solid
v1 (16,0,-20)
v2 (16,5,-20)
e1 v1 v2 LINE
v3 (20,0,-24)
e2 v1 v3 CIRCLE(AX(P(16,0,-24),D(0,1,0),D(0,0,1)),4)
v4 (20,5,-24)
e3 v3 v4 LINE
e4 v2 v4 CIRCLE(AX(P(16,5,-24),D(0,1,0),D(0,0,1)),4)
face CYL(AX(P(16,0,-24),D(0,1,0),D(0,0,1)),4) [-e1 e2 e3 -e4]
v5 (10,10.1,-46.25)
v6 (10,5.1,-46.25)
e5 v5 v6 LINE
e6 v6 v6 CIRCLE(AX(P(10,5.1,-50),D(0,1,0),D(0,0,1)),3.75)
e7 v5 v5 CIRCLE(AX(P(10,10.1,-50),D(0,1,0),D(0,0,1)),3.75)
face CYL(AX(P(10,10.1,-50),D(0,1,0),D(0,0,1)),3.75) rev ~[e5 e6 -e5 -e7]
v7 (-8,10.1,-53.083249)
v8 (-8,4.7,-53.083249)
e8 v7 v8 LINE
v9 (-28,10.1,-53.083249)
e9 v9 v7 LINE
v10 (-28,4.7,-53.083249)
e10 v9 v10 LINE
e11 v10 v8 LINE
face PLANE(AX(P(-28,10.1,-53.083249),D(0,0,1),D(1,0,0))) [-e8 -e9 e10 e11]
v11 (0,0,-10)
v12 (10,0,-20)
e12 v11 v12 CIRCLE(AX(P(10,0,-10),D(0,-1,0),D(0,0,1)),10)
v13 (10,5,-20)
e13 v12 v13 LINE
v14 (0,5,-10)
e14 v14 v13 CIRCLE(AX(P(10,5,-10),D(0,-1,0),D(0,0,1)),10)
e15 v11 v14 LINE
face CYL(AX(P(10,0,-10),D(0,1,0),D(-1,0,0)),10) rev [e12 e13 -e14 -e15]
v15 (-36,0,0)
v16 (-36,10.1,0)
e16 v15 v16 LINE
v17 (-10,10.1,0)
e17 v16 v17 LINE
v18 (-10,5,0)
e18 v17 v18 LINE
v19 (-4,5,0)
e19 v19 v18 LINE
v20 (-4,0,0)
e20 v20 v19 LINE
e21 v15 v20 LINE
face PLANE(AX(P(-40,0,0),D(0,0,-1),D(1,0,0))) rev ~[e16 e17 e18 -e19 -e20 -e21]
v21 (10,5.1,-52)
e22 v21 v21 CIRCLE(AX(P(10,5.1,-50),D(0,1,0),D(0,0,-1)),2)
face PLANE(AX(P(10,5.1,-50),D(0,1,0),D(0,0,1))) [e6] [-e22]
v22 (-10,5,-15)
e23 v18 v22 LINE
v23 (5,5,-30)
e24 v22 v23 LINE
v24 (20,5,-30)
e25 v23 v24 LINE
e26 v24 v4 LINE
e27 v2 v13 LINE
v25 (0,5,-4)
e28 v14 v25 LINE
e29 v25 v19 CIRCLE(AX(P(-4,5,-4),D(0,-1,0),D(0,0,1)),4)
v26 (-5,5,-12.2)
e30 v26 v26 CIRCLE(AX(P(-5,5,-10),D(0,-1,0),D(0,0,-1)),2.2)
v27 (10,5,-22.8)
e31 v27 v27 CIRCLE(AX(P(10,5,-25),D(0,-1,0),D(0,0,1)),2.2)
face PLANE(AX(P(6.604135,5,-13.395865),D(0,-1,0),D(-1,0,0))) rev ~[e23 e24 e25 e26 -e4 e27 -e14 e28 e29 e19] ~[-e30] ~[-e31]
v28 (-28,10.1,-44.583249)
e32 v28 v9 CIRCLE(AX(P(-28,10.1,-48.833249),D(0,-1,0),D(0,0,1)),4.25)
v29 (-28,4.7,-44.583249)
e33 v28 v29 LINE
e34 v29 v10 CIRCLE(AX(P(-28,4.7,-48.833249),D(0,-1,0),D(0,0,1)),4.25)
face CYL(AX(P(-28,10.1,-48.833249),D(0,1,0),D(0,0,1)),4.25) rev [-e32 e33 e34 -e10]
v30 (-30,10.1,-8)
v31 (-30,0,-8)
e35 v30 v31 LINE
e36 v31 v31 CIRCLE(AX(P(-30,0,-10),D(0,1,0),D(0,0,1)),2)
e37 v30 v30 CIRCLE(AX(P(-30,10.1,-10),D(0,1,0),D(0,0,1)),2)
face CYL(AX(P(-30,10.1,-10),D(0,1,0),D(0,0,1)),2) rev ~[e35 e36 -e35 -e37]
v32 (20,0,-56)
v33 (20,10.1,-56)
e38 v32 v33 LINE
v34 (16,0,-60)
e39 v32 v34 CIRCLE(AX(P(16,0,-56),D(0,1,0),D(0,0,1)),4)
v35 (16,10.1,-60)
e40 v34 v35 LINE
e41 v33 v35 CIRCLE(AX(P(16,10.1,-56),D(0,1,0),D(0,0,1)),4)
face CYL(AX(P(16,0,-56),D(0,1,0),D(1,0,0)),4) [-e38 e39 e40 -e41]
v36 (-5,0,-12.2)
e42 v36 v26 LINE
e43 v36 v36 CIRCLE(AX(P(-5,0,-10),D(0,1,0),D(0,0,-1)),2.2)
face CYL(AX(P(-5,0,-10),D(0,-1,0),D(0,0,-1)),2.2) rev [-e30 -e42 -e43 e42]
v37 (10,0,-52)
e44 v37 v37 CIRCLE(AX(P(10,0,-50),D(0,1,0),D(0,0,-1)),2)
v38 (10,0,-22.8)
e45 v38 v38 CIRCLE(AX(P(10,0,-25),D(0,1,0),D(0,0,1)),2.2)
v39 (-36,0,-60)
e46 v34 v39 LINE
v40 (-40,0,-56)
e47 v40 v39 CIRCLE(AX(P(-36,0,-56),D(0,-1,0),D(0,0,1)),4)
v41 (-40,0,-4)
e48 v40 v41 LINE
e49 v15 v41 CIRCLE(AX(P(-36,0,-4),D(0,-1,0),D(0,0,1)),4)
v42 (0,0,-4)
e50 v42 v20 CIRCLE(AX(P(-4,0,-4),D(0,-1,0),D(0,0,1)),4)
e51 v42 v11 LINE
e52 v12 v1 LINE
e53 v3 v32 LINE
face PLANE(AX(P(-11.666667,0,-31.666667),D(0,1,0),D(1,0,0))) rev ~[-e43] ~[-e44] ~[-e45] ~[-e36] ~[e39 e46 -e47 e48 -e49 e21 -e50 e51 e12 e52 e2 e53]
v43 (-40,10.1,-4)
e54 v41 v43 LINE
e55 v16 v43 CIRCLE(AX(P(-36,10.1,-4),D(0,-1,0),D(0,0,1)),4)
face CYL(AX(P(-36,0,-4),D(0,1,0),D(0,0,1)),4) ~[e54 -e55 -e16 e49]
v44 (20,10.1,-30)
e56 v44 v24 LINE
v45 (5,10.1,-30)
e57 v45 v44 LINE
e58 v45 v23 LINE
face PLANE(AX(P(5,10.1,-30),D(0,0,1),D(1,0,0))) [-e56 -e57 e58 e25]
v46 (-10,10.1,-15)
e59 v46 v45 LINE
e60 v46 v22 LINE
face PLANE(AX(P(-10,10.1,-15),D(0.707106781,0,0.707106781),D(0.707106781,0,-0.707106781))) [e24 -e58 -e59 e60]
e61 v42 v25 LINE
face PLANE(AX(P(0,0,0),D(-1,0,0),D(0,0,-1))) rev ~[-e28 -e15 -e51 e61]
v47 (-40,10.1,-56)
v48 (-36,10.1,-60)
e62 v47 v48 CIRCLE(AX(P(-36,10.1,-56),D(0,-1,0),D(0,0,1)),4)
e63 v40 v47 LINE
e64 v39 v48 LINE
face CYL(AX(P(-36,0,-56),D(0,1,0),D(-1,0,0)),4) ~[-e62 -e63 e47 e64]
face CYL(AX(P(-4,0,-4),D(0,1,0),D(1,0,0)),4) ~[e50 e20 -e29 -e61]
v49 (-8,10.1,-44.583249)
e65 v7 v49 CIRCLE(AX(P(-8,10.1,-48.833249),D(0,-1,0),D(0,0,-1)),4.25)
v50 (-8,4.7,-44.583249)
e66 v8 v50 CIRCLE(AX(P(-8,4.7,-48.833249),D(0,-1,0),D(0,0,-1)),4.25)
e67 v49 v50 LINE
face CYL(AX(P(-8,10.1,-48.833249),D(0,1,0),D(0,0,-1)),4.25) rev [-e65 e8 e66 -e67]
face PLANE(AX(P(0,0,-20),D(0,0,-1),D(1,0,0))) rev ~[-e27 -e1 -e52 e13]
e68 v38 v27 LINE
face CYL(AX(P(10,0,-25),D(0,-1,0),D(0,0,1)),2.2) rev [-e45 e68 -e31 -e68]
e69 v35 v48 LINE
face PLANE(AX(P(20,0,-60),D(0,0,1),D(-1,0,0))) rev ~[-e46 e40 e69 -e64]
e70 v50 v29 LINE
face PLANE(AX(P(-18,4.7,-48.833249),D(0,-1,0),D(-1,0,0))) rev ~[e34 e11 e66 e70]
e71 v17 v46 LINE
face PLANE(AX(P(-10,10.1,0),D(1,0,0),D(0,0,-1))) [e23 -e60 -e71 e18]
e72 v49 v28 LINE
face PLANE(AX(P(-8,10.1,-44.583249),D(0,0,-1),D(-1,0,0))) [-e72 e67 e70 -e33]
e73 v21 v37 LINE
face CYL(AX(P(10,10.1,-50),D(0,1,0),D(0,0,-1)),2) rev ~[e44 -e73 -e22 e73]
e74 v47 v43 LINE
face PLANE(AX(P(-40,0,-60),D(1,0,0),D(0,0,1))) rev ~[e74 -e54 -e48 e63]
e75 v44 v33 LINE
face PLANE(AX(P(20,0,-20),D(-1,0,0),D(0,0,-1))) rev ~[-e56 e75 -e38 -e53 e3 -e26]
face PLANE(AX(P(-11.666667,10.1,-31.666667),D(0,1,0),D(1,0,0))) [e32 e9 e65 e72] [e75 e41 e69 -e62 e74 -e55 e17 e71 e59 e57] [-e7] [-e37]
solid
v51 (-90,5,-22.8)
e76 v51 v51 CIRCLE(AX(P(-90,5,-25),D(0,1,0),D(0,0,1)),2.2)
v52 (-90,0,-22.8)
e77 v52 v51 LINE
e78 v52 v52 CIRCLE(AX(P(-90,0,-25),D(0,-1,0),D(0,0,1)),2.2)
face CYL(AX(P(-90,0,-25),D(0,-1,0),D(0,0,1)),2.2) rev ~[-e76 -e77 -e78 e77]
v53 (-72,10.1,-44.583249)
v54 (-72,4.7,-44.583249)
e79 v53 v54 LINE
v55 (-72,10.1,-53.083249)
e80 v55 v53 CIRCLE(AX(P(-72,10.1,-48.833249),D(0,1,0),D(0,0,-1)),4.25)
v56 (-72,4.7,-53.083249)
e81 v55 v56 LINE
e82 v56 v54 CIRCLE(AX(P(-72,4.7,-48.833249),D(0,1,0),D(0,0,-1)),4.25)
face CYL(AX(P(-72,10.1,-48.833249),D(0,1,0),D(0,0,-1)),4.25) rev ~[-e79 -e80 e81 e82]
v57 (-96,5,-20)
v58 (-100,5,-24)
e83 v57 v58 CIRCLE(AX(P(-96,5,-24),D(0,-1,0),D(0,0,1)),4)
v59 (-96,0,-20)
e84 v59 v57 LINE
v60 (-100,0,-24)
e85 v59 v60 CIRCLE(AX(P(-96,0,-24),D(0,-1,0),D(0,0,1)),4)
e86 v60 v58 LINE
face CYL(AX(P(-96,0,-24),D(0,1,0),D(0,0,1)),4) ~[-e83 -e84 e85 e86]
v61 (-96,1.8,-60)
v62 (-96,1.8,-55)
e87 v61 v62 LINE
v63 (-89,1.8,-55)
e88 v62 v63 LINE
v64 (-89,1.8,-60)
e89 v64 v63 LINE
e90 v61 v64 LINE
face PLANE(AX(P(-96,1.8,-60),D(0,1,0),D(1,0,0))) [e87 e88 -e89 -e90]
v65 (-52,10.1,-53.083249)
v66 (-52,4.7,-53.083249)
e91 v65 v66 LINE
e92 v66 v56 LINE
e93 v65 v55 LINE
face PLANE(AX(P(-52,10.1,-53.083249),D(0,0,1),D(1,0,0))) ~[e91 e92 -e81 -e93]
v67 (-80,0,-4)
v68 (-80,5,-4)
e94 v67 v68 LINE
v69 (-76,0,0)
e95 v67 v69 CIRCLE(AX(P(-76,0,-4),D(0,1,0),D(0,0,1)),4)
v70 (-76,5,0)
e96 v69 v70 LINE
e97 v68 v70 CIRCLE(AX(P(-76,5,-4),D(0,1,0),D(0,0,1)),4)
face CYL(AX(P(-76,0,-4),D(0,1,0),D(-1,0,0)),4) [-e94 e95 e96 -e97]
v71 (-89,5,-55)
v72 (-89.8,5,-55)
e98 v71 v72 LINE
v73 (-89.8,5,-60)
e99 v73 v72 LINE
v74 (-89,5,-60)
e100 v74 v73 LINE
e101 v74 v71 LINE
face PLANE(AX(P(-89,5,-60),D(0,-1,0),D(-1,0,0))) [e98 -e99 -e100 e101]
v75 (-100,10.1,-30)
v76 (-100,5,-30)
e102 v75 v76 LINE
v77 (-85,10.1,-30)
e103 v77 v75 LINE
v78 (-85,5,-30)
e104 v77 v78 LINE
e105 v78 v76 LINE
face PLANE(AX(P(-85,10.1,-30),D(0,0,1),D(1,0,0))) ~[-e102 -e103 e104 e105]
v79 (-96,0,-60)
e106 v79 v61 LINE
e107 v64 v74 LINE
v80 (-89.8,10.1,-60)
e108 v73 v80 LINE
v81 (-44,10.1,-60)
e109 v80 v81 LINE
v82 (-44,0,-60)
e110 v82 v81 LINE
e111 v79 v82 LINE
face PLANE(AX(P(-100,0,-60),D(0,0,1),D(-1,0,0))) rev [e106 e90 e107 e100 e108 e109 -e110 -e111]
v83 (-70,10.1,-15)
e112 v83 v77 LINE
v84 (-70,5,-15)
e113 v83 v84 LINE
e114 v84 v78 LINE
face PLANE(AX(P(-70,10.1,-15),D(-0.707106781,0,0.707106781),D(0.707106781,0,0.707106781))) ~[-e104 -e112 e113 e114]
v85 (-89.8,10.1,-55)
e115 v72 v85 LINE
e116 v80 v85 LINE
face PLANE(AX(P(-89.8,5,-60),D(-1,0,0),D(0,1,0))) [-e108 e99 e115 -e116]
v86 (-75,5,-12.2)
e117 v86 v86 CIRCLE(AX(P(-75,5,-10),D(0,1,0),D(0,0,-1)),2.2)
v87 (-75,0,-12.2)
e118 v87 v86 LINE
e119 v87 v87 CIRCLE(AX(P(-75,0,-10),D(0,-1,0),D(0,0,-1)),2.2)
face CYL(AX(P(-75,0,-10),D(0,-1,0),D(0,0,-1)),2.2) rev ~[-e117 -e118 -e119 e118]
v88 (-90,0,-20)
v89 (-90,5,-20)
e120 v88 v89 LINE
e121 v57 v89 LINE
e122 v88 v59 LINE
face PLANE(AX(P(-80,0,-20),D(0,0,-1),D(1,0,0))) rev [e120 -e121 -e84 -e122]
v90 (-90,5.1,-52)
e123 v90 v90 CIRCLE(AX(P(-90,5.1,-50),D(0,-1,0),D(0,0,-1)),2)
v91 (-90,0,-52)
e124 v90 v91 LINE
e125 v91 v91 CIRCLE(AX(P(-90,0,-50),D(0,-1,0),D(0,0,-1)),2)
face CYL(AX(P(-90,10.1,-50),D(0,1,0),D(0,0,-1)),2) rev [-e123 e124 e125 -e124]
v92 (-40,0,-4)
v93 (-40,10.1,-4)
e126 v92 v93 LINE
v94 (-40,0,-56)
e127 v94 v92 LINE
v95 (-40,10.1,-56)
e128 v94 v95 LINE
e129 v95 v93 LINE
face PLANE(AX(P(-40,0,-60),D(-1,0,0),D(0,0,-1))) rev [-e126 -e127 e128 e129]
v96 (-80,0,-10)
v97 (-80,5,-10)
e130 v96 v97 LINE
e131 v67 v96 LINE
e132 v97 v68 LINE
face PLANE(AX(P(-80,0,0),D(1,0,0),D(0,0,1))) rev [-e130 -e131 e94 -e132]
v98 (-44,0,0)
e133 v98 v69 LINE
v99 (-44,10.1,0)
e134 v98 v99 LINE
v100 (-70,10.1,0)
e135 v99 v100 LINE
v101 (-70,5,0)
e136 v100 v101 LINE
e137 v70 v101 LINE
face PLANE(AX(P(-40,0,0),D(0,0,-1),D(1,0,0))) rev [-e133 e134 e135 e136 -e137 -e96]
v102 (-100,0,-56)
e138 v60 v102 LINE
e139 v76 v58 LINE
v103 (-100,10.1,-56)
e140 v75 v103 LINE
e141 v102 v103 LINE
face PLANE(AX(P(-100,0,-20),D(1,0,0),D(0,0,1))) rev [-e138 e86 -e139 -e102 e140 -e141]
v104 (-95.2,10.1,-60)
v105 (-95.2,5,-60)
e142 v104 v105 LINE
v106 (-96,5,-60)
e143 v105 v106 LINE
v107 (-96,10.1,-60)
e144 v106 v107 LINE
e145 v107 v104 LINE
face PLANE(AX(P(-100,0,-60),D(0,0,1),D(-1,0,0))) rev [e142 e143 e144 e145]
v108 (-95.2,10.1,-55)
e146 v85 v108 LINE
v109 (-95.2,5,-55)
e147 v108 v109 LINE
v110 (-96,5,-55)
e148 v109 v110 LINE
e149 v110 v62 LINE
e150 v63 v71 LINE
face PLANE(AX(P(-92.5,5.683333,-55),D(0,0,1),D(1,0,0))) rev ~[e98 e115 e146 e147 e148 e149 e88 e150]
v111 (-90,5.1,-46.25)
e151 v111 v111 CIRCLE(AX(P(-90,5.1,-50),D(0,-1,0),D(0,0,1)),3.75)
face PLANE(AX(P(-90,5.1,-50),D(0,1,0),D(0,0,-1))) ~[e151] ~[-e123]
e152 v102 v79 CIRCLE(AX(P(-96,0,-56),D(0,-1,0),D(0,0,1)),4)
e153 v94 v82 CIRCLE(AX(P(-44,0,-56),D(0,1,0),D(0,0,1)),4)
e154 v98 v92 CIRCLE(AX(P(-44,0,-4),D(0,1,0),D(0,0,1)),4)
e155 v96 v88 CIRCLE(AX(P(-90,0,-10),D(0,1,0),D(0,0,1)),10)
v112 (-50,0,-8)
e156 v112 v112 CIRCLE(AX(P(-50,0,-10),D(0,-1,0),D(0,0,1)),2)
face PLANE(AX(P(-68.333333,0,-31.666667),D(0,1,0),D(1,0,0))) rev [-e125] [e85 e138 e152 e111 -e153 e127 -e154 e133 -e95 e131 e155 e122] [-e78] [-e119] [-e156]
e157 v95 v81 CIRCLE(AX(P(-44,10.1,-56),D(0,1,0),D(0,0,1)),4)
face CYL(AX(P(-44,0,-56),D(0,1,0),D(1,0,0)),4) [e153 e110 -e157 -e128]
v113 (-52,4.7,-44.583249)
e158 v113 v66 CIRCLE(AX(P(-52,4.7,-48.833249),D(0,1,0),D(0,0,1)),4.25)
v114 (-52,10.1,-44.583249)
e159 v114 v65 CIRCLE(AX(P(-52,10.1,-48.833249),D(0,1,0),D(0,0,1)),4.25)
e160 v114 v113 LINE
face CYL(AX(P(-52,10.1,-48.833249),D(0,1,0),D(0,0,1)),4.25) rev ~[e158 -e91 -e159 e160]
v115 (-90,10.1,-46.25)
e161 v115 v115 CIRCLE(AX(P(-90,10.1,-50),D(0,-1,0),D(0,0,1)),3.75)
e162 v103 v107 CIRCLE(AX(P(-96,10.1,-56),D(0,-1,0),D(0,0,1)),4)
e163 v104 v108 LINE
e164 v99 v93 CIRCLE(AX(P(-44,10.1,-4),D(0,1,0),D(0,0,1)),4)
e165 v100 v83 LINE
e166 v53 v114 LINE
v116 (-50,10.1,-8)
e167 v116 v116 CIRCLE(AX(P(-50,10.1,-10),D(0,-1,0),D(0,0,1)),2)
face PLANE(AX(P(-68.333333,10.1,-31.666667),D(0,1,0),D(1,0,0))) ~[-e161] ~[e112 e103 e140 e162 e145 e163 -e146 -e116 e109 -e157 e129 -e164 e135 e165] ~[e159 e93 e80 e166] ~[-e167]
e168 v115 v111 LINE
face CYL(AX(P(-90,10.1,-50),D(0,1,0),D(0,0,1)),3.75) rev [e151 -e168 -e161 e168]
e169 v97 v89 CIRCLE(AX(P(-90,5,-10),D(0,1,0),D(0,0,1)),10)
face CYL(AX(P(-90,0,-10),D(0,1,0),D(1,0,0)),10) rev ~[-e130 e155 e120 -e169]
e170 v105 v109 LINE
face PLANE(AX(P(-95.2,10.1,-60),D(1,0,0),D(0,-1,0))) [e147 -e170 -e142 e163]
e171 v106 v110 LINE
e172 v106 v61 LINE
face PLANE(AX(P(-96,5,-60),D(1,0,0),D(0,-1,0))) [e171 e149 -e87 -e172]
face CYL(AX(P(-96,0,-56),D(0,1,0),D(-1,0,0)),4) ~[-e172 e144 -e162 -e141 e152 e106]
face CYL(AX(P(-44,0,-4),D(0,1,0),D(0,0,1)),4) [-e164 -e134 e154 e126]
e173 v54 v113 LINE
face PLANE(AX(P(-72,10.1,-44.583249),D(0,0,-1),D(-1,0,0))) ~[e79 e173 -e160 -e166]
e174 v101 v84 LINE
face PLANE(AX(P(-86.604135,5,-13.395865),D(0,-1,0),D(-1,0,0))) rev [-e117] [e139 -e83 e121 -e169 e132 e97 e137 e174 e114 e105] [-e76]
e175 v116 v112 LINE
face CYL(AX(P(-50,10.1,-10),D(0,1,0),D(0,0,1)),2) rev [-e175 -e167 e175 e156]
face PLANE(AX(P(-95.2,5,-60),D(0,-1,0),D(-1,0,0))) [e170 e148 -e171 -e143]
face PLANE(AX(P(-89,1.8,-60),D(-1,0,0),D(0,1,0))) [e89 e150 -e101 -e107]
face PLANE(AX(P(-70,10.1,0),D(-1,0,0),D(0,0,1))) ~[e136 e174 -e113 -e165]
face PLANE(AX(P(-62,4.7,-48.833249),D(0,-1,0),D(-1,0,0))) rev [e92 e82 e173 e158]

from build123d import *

# Parameters (mm, degrees)
SKETCH1_R           = 2.2
BOSS_EXTRUDE1_DEPTH = 10.1
CUT_EXTRUDE2_DEPTH  = 5.4
CUT_EXTRUDE4_DEPTH  = 5.1
SKETCH9_R           = 2
CUT_EXTRUDE5_DEPTH  = 73.814902321
SKETCH10_R          = 3.75
CUT_EXTRUDE6_DEPTH  = 5
FILLET2_R           = 10
FILLET3_R           = 4
CUT_EXTRUDE7_DEPTH  = 5


with BuildPart() as part:
    # Sketch1 → Boss-Extrude1 (new body)
    with BuildSketch(Plane(origin=(0, 0, 0), x_dir=(1, 0, 0), z_dir=(0, 1, 0))):
        Polygon((0, 0), (0, 20), (20, 20), (20, 60), (-40, 60), (-40, 0), align=None)
        with Locations(Location((10, 25, 0), (0, 0, 270))):
            Circle(SKETCH1_R, mode=Mode.SUBTRACT)
        with Locations(Location((-5, 10, 0), (0, 0, 90))):
            Circle(SKETCH1_R, mode=Mode.SUBTRACT)
    extrude(amount=BOSS_EXTRUDE1_DEPTH)

    # Sketch4 → Cut-Extrude2 (cut)
    with BuildSketch(Plane(origin=(0, 10.1, 0), x_dir=(1, 0, 0), z_dir=(0, 1, 0))):
        with BuildLine():
            Line((-28, 53.083248844), (-8, 53.083248844))
            ThreePointArc((-8, 53.083248844), (-3.75, 48.833248844), (-8, 44.583248844))
            Line((-8, 44.583248844), (-28, 44.583248844))
            ThreePointArc((-28, 44.583248844), (-32.25, 48.833248844), (-28, 53.083248844))
        make_face()
    extrude(amount=-CUT_EXTRUDE2_DEPTH, mode=Mode.SUBTRACT)

    # Sketch7 → Cut-Extrude4 (cut)
    with BuildSketch(Plane(origin=(0, 10.1, 0), x_dir=(1, 0, 0), z_dir=(0, 1, 0))):
        Polygon((20, 0), (-10, 0), (-10, 15), (5, 30), (20, 30), align=None)
    extrude(amount=-CUT_EXTRUDE4_DEPTH, mode=Mode.SUBTRACT)

    # Sketch9 → Cut-Extrude5 (cut, through all)
    with BuildSketch(Plane(origin=(0, 10.1, 0), x_dir=(1, 0, 0), z_dir=(0, 1, 0))):
        with Locations(Location((-30, 10, 0), (0, 0, 270))):
            Circle(SKETCH9_R)
        with Locations(Location((10, 50, 0), (0, 0, 90))):
            Circle(SKETCH9_R)
    extrude(amount=-CUT_EXTRUDE5_DEPTH, mode=Mode.SUBTRACT)

    # Sketch10 → Cut-Extrude6 (cut)
    with BuildSketch(Plane(origin=(0, 10.1, 0), x_dir=(1, 0, 0), z_dir=(0, 1, 0))):
        with Locations(Location((10, 50, 0), (0, 0, 270))):
            Circle(SKETCH10_R)
    extrude(amount=-CUT_EXTRUDE6_DEPTH, mode=Mode.SUBTRACT)

    # Fillet2
    fillet2_edges = [part.edges().sort_by_distance(p)[0] for p in [
        (0, 2.5, -20),
    ]]
    fillet(fillet2_edges, radius=FILLET2_R)

    # Fillet3
    fillet3_edges = [part.edges().sort_by_distance(p)[0] for p in [
        (-40, 5.05, -60),
        (20, 5.05, -60),
        (-40, 5.05, 0),
        (20, 2.5, -20),
        (0, 2.5, 0),
    ]]
    fillet(fillet3_edges, radius=FILLET3_R)


with BuildPart() as body_2:
    # Mirror1: mirrored copy
    add(part.part.mirror(Plane(origin=(-40, 10.1, 0), x_dir=(0, 0, 1), z_dir=(1, 0, 0))))

    # Sketch11 → Cut-Extrude7 (cut)
    with BuildSketch(Plane(origin=(0, 0, -60), x_dir=(-1, 0, 0), z_dir=(0, 0, -1))):
        Polygon((96, 1.8), (89, 1.8), (89, 5), (89.8, 5), (89.8, 10.1), (95.2, 10.1), (95.2, 5), (96, 5), align=None)
    extrude(amount=-CUT_EXTRUDE7_DEPTH, mode=Mode.SUBTRACT)


solid = Compound([part.part, body_2.part])
